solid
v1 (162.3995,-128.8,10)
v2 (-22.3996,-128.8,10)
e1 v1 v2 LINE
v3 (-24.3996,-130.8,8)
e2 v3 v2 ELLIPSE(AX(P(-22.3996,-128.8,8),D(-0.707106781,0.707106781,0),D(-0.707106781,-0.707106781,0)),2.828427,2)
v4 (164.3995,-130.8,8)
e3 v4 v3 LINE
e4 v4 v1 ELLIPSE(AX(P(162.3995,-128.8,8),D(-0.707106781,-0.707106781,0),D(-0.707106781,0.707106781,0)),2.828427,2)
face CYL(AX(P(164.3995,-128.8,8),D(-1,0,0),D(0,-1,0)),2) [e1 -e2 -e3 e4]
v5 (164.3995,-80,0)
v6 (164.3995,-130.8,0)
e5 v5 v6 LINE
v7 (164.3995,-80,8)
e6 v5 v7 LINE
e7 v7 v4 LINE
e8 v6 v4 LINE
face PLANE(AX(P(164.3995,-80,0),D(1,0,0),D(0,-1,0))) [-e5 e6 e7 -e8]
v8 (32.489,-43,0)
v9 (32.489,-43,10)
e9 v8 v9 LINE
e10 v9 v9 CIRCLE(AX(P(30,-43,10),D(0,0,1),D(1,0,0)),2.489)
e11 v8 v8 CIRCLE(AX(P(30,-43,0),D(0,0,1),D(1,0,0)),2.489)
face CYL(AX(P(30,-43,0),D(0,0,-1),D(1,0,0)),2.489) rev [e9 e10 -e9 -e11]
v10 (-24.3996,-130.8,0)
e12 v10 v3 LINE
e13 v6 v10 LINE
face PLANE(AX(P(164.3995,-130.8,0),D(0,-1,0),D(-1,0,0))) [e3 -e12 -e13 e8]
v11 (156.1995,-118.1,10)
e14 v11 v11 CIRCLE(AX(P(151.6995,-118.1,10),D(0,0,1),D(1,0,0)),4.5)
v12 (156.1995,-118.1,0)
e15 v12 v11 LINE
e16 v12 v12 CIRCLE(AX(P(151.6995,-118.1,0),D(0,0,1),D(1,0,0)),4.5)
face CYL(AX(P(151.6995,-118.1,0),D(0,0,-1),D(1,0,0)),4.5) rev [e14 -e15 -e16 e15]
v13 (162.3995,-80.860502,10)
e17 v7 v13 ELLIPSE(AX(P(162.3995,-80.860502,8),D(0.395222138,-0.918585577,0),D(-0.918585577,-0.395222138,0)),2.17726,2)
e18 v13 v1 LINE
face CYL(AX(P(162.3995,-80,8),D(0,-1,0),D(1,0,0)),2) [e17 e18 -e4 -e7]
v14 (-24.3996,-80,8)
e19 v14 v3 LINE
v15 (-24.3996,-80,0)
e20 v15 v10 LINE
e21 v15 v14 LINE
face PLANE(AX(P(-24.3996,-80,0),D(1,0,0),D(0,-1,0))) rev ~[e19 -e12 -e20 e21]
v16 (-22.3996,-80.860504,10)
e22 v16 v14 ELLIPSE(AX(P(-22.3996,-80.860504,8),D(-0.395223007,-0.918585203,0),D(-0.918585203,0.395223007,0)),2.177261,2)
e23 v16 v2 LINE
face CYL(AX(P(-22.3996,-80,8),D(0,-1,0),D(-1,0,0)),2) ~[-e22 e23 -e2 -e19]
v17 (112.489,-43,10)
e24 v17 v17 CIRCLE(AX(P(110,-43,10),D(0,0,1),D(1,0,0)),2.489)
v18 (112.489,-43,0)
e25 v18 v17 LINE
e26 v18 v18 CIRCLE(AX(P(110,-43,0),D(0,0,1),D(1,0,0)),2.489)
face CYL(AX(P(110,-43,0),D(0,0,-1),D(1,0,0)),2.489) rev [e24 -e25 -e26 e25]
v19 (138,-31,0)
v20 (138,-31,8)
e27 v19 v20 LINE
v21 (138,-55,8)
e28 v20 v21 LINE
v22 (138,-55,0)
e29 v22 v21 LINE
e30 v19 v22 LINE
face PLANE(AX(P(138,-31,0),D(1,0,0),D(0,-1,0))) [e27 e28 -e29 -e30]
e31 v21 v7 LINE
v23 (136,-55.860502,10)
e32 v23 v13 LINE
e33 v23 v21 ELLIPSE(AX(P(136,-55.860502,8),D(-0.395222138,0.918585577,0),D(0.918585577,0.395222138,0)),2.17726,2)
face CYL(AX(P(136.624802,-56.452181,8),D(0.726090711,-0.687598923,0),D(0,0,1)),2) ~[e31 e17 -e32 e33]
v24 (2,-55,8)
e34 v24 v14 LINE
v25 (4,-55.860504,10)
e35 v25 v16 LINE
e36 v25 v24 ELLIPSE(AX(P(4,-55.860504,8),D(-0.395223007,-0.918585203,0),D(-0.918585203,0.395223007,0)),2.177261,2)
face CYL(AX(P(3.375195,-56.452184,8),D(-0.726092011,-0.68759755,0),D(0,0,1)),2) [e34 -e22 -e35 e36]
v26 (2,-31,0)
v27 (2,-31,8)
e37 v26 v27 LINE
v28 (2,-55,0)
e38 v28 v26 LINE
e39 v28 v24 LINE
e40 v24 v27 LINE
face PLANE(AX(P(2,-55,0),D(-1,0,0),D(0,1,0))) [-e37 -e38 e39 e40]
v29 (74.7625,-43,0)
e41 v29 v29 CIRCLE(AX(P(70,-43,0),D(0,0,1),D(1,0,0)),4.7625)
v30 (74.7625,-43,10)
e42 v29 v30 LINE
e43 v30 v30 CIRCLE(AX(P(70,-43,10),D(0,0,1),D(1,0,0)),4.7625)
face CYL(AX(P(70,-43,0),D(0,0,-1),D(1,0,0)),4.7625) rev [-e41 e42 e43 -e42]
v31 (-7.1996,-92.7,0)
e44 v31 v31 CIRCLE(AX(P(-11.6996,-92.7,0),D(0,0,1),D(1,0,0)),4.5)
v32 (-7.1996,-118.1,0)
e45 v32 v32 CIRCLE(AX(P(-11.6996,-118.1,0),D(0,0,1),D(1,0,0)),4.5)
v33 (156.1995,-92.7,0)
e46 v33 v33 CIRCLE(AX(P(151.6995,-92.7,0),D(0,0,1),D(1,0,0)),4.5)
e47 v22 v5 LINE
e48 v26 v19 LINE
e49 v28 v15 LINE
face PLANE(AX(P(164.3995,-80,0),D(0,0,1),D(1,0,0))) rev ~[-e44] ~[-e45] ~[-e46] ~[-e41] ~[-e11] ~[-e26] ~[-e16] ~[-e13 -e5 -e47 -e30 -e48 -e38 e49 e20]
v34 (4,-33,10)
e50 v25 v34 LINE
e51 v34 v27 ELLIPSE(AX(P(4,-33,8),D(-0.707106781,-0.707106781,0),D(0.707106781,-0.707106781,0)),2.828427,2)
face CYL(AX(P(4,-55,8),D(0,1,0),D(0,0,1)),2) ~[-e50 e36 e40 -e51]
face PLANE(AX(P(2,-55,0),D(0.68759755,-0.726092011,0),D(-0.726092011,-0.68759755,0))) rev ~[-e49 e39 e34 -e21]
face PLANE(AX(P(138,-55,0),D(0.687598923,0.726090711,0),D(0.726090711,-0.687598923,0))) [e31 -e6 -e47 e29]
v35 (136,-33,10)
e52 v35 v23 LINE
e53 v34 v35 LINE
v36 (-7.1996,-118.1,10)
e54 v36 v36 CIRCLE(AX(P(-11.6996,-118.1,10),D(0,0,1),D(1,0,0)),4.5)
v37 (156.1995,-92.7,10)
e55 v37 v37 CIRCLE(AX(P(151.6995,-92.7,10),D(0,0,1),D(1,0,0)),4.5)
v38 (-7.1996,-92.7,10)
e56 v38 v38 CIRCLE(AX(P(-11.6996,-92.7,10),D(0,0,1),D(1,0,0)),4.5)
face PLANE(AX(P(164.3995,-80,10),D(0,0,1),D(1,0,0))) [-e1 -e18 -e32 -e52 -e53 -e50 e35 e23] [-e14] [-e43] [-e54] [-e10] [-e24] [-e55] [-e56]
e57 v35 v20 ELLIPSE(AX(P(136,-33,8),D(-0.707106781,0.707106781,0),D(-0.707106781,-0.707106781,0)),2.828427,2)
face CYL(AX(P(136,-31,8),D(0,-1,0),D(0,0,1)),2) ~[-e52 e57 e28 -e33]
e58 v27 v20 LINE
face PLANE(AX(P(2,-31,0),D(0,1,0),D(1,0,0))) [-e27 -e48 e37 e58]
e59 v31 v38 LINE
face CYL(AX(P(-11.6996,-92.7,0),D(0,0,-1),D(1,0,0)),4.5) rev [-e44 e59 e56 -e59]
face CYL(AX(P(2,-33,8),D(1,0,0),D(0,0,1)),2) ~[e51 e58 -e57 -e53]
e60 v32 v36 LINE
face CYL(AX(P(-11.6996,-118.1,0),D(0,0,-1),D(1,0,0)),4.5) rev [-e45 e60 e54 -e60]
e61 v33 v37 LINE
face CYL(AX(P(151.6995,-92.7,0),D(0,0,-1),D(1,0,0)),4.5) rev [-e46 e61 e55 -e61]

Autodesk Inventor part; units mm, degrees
ref_plane "YZ Plane" through (0, 0, 0) normal (1, 0, 0) x (0, 1, 0)
ref_plane "XZ Plane" through (0, 0, 0) normal (0, 1, 0) x (-1, 0, 0)
ref_plane "Work Plane4" through (164.3995, -80, 0) normal (0, 0, 1) x (1, 0, 0)
sketch "Sketch1" plane through (164.3995, -80, 0) normal (0, 0, 1) x (1, 0, 0)
  circle A0 centre (-12.7, -38.1) radius 4.5 projected
  circle A1 centre (-12.7, -12.7) radius 4.5 projected
  circle A2 centre (-176.0991, -12.7) radius 4.5 projected
  circle A3 centre (-176.0991, -38.1) radius 4.5 projected
  line L0 (0, -50.8) -> (-188.7991, -50.8) projected
  line L1 (0, 0) -> (0, -50.8) projected
  line L2 (-188.7991, 0) -> (0, 0) projected
  line L3 (-188.7991, 0) -> (-188.7991, -50.8) projected
  circle A4 centre (-94.3995, 37) radius 4.7625
  circle A5 centre (-134.3995, 37) radius 2.489
  circle A6 centre (-54.3995, 37) radius 2.489
  line L4 (-26.3995, 25) -> (-162.3995, 25)
  line L5 (-26.3995, 49) -> (-26.3995, 25)
  line L6 (-162.3995, 49) -> (-26.3995, 49)
  line L7 (-162.3995, 25) -> (-162.3995, 49)
  line L8 (-26.3995, 25) -> (0, 0)
  line L9 (-162.3995, 25) -> (-188.7991, 0)
  point P0 (-94.3995, 0)
  dimension "d5" = 136
  dimension "d6" = 24
  dimension "d7" = 28
  dimension "d8" = 12
  dimension "d9" = 12
  dimension "d10" = 68
  dimension "d11" = 40
  dimension "d12" = 12
  dimension "d13" = 25
  dimension "d14" = 9.525
  dimension "d15" = 4.978
  dimension "d16" = 4.978
extrude "Extrusion1" add sketch "Sketch1" along normal blind 10
fillet "Fillet3" radius 2 8 edges at (70, -130.8, 10) (164.3995, -105.4, 10) (151.1998, -67.5, 10) (138, -43, 10) (70, -31, 10) (2, -43, 10) (-11.1998, -67.5, 10) (-24.3995, -105.4, 10)
properties part number "1136_RU Top Plate_V1" material "Aluminum"
